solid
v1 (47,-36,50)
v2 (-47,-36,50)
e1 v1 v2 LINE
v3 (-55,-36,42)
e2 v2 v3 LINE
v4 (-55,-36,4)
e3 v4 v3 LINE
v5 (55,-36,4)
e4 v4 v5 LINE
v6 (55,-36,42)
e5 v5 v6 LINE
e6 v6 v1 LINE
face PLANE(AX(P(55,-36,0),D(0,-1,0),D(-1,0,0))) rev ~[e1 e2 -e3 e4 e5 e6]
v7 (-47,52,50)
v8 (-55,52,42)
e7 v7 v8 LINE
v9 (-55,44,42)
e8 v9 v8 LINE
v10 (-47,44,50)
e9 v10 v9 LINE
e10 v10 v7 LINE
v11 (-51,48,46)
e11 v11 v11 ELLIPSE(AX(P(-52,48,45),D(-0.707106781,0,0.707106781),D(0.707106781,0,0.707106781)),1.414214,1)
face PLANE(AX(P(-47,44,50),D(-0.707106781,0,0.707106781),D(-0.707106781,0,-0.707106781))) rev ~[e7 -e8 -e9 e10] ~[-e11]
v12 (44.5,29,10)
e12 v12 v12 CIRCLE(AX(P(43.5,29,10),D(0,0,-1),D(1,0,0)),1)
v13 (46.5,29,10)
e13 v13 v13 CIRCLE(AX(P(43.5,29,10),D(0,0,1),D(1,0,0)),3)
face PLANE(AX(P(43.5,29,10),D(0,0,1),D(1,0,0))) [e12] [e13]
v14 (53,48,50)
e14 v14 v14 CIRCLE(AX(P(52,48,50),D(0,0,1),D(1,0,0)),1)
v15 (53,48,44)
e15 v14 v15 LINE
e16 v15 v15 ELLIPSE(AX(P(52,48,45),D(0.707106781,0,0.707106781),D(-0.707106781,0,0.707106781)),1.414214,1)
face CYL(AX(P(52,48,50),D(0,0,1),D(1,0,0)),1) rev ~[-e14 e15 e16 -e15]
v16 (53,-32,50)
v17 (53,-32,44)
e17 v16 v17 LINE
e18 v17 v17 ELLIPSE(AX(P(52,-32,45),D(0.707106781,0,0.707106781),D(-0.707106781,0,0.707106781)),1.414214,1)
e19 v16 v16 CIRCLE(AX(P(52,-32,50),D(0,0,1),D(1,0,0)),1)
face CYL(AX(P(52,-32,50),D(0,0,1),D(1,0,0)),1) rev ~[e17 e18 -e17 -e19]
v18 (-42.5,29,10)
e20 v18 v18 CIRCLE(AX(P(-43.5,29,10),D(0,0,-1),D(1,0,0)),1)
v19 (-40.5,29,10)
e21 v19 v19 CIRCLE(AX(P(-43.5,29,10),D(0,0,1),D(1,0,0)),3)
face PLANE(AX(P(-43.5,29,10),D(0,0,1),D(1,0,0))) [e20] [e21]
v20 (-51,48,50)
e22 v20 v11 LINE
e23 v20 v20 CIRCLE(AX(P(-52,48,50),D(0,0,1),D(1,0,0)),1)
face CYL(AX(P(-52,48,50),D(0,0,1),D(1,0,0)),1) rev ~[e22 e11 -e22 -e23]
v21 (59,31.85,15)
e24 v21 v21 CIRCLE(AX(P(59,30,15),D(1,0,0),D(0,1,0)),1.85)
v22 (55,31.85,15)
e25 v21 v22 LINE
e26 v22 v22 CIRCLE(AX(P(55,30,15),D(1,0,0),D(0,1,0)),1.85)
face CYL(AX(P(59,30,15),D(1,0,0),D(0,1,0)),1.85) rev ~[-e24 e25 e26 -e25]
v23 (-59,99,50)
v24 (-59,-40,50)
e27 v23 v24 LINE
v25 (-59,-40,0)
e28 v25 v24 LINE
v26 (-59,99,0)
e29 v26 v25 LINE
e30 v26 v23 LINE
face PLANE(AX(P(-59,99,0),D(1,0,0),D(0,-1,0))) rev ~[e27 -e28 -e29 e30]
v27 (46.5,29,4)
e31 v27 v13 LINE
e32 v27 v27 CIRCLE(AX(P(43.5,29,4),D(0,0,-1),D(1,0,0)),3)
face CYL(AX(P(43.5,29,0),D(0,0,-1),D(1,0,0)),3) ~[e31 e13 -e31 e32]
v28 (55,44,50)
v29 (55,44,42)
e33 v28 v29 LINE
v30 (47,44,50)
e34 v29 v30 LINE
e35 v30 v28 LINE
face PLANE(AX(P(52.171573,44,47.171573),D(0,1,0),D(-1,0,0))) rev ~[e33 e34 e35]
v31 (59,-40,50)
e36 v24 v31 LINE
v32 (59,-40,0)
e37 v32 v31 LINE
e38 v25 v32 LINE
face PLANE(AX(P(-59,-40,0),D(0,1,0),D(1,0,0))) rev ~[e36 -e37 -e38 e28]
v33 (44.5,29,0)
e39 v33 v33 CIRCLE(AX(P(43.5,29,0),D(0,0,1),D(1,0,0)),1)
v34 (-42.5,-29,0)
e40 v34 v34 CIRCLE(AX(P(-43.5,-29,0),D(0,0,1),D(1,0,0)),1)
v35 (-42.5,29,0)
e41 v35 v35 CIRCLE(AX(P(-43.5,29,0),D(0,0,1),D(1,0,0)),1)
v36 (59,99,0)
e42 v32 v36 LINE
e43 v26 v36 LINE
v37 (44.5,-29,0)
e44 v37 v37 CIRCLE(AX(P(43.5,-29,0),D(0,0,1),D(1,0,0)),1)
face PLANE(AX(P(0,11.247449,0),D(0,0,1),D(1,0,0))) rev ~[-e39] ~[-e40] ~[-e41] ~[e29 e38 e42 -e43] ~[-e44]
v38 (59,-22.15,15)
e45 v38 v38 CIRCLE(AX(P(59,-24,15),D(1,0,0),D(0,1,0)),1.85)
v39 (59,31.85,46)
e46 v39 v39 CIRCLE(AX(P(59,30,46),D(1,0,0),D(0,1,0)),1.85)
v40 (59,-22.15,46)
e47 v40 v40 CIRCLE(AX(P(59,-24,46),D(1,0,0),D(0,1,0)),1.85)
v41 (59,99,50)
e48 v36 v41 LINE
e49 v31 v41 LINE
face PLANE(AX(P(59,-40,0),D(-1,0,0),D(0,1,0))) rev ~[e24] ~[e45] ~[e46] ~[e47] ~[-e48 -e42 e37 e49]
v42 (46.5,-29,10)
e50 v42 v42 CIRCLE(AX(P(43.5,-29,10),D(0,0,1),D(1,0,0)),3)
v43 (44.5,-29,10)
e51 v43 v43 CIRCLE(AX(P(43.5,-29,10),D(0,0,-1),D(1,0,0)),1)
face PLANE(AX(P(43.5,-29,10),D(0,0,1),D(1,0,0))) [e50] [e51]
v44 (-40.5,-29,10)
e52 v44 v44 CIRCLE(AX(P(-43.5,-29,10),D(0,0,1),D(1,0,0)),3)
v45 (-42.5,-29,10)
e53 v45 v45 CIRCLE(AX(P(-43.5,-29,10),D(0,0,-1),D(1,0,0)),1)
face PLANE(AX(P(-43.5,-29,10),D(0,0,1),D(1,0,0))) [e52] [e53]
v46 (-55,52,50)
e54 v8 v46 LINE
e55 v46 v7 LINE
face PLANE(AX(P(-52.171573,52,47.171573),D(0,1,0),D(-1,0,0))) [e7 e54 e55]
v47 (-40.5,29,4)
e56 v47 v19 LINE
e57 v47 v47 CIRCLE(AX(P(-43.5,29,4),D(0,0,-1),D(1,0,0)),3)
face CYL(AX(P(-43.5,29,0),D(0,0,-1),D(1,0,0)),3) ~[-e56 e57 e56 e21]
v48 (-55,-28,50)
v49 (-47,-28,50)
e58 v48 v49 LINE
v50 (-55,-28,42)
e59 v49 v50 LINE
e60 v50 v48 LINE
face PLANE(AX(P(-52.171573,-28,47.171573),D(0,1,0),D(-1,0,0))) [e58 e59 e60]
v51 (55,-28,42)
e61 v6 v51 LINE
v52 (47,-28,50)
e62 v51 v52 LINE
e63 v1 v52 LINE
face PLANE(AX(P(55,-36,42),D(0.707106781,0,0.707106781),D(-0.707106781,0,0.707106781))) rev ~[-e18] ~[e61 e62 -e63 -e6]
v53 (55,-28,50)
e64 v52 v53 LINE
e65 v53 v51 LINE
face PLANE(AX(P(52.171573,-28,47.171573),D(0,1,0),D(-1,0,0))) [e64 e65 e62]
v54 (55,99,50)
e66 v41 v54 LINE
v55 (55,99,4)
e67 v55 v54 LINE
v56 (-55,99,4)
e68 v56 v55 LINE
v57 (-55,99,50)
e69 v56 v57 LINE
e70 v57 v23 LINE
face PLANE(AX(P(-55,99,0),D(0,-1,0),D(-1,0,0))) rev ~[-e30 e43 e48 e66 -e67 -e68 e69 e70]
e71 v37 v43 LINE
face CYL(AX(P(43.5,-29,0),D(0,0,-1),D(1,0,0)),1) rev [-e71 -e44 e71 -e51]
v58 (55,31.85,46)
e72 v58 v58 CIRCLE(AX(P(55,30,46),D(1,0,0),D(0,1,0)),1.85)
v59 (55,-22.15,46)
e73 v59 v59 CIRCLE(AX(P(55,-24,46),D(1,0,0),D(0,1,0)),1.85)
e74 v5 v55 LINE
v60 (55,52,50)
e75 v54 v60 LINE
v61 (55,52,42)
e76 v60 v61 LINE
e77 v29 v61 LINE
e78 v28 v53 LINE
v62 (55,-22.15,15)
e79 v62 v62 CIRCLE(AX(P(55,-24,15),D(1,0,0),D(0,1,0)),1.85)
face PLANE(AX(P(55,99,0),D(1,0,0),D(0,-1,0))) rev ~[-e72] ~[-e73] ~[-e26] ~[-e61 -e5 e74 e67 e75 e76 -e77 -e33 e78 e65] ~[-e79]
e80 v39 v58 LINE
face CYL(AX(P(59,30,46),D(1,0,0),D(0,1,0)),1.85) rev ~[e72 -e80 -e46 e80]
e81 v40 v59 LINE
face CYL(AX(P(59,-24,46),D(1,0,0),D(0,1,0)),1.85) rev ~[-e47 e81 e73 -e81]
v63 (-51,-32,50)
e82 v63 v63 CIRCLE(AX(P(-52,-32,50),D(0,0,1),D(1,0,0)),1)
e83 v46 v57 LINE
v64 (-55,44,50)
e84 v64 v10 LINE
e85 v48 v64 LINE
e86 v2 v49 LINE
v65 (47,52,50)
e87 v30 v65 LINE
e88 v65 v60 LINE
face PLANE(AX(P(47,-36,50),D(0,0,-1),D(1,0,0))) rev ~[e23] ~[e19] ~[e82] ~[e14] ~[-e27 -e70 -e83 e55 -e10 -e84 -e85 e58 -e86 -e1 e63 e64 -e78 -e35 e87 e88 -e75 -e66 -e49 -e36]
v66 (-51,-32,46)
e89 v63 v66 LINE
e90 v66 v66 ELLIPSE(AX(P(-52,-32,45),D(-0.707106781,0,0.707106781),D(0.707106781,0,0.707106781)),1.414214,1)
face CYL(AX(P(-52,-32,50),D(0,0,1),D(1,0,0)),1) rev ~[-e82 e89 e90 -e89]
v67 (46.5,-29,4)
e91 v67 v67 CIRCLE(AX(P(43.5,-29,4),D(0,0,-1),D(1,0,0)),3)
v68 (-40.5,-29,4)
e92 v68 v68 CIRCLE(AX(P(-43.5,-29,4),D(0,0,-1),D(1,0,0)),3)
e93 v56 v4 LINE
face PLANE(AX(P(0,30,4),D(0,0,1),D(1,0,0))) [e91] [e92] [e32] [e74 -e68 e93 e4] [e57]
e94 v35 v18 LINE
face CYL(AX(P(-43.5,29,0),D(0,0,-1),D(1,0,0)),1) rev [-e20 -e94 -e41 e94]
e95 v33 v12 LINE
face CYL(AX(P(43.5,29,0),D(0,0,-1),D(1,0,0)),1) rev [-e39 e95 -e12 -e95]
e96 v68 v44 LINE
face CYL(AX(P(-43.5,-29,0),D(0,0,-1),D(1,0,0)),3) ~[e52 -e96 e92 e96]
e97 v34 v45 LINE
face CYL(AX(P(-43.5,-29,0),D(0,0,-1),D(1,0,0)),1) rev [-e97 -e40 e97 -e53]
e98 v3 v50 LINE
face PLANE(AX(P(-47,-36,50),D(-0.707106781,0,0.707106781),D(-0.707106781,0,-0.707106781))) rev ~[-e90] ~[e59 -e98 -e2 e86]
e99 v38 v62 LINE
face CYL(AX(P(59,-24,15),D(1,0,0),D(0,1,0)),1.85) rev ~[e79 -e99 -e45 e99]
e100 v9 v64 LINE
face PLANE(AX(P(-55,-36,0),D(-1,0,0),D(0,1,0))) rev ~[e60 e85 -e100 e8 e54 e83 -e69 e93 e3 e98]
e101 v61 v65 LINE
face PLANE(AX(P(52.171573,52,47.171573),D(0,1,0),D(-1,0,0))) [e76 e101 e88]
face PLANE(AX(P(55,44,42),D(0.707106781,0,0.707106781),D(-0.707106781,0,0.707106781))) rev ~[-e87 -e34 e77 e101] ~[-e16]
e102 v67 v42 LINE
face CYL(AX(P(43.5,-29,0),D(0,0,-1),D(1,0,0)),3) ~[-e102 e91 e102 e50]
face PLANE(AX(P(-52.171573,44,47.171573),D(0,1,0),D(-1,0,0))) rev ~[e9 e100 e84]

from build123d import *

# Parameters (mm, degrees)
SKETCH002_W         = 117
SKETCH002_H         = 138
PAD001_DEPTH        = 4
SKETCH003_R         = 3
PAD002_DEPTH        = 10
SKETCH004_R         = 1
POCKET_DEPTH        = 0.001
POCKET_DEPTH_BACK   = 10.001
PAD003_DEPTH        = 50
PAD004_DEPTH        = 8
LINEARPATTERN_COUNT = 2
LINEARPATTERN_PITCH = 80
SKETCH007_R         = 1
POCKET001_DEPTH     = 10
SKETCH008_R         = 1.85
POCKET002_DEPTH     = 7


with BuildPart() as part:
    # Sketch002 → Pad001 (new body)
    with BuildSketch(Plane.XY):
        with Locations((0, 30)):
            Rectangle(SKETCH002_W, SKETCH002_H)
    extrude(amount=PAD001_DEPTH)

    # Sketch003 → Pad002 (join)
    with BuildSketch(Plane.XY):
        with Locations((43.5, -29)):
            Circle(SKETCH003_R)
        with Locations((43.5, 29)):
            Circle(SKETCH003_R)
        with Locations((-43.5, 29)):
            Circle(SKETCH003_R)
        with Locations((-43.5, -29)):
            Circle(SKETCH003_R)
    extrude(amount=PAD002_DEPTH)

    # Sketch004 → Pocket (cut, two sides)
    with BuildSketch(Plane.XY) as pocket_sk:
        with Locations((43.5, -29)):
            Circle(SKETCH004_R)
        with Locations((43.5, 29)):
            Circle(SKETCH004_R)
        with Locations((-43.5, 29)):
            Circle(SKETCH004_R)
        with Locations((-43.5, -29)):
            Circle(SKETCH004_R)
    extrude(amount=-POCKET_DEPTH, mode=Mode.SUBTRACT)
    extrude(pocket_sk.sketch, amount=POCKET_DEPTH_BACK, mode=Mode.SUBTRACT)

    # Sketch005 → Pad003 (join)
    with BuildSketch(Plane.XY):
        Polygon((-59, -40), (59, -40), (59, 99), (55, 99), (55, -36), (-55, -36), (-55, 99), (-59, 99), align=None)
    extrude(amount=PAD003_DEPTH)

    # Sketch006 → Pad004 (join)
    with BuildSketch(Plane(origin=(0, -36, 0), x_dir=(-1, 0, 0), z_dir=(0, 1, 0))):
        Polygon((-55, 50), (-55, 42), (-47, 50), align=None)
        Polygon((47, 50), (55, 42), (55, 50), align=None)
    pad004 = extrude(amount=PAD004_DEPTH)

    # LinearPattern: Pad004 ×2
    with Locations(*[(0, i * LINEARPATTERN_PITCH, 0) for i in range(1, LINEARPATTERN_COUNT)]):
        add(pad004)

    # Sketch007 → Pocket001 (cut)
    with BuildSketch(Plane.XY.offset(50)):
        with Locations((52, -32)):
            Circle(SKETCH007_R)
        with Locations((-52, -32)):
            Circle(SKETCH007_R)
        with Locations((-52, 48)):
            Circle(SKETCH007_R)
        with Locations((52, 48)):
            Circle(SKETCH007_R)
    extrude(amount=-POCKET001_DEPTH, mode=Mode.SUBTRACT)

    # Sketch008 → Pocket002 (cut)
    with BuildSketch(Plane.YZ.offset(59)):
        with Locations((-24, 15)):
            Circle(SKETCH008_R)
        with Locations((30, 15)):
            Circle(SKETCH008_R)
        with Locations((30, 46)):
            Circle(SKETCH008_R)
        with Locations((-24, 46)):
            Circle(SKETCH008_R)
    extrude(amount=-POCKET002_DEPTH, mode=Mode.SUBTRACT)


solid = part.part
